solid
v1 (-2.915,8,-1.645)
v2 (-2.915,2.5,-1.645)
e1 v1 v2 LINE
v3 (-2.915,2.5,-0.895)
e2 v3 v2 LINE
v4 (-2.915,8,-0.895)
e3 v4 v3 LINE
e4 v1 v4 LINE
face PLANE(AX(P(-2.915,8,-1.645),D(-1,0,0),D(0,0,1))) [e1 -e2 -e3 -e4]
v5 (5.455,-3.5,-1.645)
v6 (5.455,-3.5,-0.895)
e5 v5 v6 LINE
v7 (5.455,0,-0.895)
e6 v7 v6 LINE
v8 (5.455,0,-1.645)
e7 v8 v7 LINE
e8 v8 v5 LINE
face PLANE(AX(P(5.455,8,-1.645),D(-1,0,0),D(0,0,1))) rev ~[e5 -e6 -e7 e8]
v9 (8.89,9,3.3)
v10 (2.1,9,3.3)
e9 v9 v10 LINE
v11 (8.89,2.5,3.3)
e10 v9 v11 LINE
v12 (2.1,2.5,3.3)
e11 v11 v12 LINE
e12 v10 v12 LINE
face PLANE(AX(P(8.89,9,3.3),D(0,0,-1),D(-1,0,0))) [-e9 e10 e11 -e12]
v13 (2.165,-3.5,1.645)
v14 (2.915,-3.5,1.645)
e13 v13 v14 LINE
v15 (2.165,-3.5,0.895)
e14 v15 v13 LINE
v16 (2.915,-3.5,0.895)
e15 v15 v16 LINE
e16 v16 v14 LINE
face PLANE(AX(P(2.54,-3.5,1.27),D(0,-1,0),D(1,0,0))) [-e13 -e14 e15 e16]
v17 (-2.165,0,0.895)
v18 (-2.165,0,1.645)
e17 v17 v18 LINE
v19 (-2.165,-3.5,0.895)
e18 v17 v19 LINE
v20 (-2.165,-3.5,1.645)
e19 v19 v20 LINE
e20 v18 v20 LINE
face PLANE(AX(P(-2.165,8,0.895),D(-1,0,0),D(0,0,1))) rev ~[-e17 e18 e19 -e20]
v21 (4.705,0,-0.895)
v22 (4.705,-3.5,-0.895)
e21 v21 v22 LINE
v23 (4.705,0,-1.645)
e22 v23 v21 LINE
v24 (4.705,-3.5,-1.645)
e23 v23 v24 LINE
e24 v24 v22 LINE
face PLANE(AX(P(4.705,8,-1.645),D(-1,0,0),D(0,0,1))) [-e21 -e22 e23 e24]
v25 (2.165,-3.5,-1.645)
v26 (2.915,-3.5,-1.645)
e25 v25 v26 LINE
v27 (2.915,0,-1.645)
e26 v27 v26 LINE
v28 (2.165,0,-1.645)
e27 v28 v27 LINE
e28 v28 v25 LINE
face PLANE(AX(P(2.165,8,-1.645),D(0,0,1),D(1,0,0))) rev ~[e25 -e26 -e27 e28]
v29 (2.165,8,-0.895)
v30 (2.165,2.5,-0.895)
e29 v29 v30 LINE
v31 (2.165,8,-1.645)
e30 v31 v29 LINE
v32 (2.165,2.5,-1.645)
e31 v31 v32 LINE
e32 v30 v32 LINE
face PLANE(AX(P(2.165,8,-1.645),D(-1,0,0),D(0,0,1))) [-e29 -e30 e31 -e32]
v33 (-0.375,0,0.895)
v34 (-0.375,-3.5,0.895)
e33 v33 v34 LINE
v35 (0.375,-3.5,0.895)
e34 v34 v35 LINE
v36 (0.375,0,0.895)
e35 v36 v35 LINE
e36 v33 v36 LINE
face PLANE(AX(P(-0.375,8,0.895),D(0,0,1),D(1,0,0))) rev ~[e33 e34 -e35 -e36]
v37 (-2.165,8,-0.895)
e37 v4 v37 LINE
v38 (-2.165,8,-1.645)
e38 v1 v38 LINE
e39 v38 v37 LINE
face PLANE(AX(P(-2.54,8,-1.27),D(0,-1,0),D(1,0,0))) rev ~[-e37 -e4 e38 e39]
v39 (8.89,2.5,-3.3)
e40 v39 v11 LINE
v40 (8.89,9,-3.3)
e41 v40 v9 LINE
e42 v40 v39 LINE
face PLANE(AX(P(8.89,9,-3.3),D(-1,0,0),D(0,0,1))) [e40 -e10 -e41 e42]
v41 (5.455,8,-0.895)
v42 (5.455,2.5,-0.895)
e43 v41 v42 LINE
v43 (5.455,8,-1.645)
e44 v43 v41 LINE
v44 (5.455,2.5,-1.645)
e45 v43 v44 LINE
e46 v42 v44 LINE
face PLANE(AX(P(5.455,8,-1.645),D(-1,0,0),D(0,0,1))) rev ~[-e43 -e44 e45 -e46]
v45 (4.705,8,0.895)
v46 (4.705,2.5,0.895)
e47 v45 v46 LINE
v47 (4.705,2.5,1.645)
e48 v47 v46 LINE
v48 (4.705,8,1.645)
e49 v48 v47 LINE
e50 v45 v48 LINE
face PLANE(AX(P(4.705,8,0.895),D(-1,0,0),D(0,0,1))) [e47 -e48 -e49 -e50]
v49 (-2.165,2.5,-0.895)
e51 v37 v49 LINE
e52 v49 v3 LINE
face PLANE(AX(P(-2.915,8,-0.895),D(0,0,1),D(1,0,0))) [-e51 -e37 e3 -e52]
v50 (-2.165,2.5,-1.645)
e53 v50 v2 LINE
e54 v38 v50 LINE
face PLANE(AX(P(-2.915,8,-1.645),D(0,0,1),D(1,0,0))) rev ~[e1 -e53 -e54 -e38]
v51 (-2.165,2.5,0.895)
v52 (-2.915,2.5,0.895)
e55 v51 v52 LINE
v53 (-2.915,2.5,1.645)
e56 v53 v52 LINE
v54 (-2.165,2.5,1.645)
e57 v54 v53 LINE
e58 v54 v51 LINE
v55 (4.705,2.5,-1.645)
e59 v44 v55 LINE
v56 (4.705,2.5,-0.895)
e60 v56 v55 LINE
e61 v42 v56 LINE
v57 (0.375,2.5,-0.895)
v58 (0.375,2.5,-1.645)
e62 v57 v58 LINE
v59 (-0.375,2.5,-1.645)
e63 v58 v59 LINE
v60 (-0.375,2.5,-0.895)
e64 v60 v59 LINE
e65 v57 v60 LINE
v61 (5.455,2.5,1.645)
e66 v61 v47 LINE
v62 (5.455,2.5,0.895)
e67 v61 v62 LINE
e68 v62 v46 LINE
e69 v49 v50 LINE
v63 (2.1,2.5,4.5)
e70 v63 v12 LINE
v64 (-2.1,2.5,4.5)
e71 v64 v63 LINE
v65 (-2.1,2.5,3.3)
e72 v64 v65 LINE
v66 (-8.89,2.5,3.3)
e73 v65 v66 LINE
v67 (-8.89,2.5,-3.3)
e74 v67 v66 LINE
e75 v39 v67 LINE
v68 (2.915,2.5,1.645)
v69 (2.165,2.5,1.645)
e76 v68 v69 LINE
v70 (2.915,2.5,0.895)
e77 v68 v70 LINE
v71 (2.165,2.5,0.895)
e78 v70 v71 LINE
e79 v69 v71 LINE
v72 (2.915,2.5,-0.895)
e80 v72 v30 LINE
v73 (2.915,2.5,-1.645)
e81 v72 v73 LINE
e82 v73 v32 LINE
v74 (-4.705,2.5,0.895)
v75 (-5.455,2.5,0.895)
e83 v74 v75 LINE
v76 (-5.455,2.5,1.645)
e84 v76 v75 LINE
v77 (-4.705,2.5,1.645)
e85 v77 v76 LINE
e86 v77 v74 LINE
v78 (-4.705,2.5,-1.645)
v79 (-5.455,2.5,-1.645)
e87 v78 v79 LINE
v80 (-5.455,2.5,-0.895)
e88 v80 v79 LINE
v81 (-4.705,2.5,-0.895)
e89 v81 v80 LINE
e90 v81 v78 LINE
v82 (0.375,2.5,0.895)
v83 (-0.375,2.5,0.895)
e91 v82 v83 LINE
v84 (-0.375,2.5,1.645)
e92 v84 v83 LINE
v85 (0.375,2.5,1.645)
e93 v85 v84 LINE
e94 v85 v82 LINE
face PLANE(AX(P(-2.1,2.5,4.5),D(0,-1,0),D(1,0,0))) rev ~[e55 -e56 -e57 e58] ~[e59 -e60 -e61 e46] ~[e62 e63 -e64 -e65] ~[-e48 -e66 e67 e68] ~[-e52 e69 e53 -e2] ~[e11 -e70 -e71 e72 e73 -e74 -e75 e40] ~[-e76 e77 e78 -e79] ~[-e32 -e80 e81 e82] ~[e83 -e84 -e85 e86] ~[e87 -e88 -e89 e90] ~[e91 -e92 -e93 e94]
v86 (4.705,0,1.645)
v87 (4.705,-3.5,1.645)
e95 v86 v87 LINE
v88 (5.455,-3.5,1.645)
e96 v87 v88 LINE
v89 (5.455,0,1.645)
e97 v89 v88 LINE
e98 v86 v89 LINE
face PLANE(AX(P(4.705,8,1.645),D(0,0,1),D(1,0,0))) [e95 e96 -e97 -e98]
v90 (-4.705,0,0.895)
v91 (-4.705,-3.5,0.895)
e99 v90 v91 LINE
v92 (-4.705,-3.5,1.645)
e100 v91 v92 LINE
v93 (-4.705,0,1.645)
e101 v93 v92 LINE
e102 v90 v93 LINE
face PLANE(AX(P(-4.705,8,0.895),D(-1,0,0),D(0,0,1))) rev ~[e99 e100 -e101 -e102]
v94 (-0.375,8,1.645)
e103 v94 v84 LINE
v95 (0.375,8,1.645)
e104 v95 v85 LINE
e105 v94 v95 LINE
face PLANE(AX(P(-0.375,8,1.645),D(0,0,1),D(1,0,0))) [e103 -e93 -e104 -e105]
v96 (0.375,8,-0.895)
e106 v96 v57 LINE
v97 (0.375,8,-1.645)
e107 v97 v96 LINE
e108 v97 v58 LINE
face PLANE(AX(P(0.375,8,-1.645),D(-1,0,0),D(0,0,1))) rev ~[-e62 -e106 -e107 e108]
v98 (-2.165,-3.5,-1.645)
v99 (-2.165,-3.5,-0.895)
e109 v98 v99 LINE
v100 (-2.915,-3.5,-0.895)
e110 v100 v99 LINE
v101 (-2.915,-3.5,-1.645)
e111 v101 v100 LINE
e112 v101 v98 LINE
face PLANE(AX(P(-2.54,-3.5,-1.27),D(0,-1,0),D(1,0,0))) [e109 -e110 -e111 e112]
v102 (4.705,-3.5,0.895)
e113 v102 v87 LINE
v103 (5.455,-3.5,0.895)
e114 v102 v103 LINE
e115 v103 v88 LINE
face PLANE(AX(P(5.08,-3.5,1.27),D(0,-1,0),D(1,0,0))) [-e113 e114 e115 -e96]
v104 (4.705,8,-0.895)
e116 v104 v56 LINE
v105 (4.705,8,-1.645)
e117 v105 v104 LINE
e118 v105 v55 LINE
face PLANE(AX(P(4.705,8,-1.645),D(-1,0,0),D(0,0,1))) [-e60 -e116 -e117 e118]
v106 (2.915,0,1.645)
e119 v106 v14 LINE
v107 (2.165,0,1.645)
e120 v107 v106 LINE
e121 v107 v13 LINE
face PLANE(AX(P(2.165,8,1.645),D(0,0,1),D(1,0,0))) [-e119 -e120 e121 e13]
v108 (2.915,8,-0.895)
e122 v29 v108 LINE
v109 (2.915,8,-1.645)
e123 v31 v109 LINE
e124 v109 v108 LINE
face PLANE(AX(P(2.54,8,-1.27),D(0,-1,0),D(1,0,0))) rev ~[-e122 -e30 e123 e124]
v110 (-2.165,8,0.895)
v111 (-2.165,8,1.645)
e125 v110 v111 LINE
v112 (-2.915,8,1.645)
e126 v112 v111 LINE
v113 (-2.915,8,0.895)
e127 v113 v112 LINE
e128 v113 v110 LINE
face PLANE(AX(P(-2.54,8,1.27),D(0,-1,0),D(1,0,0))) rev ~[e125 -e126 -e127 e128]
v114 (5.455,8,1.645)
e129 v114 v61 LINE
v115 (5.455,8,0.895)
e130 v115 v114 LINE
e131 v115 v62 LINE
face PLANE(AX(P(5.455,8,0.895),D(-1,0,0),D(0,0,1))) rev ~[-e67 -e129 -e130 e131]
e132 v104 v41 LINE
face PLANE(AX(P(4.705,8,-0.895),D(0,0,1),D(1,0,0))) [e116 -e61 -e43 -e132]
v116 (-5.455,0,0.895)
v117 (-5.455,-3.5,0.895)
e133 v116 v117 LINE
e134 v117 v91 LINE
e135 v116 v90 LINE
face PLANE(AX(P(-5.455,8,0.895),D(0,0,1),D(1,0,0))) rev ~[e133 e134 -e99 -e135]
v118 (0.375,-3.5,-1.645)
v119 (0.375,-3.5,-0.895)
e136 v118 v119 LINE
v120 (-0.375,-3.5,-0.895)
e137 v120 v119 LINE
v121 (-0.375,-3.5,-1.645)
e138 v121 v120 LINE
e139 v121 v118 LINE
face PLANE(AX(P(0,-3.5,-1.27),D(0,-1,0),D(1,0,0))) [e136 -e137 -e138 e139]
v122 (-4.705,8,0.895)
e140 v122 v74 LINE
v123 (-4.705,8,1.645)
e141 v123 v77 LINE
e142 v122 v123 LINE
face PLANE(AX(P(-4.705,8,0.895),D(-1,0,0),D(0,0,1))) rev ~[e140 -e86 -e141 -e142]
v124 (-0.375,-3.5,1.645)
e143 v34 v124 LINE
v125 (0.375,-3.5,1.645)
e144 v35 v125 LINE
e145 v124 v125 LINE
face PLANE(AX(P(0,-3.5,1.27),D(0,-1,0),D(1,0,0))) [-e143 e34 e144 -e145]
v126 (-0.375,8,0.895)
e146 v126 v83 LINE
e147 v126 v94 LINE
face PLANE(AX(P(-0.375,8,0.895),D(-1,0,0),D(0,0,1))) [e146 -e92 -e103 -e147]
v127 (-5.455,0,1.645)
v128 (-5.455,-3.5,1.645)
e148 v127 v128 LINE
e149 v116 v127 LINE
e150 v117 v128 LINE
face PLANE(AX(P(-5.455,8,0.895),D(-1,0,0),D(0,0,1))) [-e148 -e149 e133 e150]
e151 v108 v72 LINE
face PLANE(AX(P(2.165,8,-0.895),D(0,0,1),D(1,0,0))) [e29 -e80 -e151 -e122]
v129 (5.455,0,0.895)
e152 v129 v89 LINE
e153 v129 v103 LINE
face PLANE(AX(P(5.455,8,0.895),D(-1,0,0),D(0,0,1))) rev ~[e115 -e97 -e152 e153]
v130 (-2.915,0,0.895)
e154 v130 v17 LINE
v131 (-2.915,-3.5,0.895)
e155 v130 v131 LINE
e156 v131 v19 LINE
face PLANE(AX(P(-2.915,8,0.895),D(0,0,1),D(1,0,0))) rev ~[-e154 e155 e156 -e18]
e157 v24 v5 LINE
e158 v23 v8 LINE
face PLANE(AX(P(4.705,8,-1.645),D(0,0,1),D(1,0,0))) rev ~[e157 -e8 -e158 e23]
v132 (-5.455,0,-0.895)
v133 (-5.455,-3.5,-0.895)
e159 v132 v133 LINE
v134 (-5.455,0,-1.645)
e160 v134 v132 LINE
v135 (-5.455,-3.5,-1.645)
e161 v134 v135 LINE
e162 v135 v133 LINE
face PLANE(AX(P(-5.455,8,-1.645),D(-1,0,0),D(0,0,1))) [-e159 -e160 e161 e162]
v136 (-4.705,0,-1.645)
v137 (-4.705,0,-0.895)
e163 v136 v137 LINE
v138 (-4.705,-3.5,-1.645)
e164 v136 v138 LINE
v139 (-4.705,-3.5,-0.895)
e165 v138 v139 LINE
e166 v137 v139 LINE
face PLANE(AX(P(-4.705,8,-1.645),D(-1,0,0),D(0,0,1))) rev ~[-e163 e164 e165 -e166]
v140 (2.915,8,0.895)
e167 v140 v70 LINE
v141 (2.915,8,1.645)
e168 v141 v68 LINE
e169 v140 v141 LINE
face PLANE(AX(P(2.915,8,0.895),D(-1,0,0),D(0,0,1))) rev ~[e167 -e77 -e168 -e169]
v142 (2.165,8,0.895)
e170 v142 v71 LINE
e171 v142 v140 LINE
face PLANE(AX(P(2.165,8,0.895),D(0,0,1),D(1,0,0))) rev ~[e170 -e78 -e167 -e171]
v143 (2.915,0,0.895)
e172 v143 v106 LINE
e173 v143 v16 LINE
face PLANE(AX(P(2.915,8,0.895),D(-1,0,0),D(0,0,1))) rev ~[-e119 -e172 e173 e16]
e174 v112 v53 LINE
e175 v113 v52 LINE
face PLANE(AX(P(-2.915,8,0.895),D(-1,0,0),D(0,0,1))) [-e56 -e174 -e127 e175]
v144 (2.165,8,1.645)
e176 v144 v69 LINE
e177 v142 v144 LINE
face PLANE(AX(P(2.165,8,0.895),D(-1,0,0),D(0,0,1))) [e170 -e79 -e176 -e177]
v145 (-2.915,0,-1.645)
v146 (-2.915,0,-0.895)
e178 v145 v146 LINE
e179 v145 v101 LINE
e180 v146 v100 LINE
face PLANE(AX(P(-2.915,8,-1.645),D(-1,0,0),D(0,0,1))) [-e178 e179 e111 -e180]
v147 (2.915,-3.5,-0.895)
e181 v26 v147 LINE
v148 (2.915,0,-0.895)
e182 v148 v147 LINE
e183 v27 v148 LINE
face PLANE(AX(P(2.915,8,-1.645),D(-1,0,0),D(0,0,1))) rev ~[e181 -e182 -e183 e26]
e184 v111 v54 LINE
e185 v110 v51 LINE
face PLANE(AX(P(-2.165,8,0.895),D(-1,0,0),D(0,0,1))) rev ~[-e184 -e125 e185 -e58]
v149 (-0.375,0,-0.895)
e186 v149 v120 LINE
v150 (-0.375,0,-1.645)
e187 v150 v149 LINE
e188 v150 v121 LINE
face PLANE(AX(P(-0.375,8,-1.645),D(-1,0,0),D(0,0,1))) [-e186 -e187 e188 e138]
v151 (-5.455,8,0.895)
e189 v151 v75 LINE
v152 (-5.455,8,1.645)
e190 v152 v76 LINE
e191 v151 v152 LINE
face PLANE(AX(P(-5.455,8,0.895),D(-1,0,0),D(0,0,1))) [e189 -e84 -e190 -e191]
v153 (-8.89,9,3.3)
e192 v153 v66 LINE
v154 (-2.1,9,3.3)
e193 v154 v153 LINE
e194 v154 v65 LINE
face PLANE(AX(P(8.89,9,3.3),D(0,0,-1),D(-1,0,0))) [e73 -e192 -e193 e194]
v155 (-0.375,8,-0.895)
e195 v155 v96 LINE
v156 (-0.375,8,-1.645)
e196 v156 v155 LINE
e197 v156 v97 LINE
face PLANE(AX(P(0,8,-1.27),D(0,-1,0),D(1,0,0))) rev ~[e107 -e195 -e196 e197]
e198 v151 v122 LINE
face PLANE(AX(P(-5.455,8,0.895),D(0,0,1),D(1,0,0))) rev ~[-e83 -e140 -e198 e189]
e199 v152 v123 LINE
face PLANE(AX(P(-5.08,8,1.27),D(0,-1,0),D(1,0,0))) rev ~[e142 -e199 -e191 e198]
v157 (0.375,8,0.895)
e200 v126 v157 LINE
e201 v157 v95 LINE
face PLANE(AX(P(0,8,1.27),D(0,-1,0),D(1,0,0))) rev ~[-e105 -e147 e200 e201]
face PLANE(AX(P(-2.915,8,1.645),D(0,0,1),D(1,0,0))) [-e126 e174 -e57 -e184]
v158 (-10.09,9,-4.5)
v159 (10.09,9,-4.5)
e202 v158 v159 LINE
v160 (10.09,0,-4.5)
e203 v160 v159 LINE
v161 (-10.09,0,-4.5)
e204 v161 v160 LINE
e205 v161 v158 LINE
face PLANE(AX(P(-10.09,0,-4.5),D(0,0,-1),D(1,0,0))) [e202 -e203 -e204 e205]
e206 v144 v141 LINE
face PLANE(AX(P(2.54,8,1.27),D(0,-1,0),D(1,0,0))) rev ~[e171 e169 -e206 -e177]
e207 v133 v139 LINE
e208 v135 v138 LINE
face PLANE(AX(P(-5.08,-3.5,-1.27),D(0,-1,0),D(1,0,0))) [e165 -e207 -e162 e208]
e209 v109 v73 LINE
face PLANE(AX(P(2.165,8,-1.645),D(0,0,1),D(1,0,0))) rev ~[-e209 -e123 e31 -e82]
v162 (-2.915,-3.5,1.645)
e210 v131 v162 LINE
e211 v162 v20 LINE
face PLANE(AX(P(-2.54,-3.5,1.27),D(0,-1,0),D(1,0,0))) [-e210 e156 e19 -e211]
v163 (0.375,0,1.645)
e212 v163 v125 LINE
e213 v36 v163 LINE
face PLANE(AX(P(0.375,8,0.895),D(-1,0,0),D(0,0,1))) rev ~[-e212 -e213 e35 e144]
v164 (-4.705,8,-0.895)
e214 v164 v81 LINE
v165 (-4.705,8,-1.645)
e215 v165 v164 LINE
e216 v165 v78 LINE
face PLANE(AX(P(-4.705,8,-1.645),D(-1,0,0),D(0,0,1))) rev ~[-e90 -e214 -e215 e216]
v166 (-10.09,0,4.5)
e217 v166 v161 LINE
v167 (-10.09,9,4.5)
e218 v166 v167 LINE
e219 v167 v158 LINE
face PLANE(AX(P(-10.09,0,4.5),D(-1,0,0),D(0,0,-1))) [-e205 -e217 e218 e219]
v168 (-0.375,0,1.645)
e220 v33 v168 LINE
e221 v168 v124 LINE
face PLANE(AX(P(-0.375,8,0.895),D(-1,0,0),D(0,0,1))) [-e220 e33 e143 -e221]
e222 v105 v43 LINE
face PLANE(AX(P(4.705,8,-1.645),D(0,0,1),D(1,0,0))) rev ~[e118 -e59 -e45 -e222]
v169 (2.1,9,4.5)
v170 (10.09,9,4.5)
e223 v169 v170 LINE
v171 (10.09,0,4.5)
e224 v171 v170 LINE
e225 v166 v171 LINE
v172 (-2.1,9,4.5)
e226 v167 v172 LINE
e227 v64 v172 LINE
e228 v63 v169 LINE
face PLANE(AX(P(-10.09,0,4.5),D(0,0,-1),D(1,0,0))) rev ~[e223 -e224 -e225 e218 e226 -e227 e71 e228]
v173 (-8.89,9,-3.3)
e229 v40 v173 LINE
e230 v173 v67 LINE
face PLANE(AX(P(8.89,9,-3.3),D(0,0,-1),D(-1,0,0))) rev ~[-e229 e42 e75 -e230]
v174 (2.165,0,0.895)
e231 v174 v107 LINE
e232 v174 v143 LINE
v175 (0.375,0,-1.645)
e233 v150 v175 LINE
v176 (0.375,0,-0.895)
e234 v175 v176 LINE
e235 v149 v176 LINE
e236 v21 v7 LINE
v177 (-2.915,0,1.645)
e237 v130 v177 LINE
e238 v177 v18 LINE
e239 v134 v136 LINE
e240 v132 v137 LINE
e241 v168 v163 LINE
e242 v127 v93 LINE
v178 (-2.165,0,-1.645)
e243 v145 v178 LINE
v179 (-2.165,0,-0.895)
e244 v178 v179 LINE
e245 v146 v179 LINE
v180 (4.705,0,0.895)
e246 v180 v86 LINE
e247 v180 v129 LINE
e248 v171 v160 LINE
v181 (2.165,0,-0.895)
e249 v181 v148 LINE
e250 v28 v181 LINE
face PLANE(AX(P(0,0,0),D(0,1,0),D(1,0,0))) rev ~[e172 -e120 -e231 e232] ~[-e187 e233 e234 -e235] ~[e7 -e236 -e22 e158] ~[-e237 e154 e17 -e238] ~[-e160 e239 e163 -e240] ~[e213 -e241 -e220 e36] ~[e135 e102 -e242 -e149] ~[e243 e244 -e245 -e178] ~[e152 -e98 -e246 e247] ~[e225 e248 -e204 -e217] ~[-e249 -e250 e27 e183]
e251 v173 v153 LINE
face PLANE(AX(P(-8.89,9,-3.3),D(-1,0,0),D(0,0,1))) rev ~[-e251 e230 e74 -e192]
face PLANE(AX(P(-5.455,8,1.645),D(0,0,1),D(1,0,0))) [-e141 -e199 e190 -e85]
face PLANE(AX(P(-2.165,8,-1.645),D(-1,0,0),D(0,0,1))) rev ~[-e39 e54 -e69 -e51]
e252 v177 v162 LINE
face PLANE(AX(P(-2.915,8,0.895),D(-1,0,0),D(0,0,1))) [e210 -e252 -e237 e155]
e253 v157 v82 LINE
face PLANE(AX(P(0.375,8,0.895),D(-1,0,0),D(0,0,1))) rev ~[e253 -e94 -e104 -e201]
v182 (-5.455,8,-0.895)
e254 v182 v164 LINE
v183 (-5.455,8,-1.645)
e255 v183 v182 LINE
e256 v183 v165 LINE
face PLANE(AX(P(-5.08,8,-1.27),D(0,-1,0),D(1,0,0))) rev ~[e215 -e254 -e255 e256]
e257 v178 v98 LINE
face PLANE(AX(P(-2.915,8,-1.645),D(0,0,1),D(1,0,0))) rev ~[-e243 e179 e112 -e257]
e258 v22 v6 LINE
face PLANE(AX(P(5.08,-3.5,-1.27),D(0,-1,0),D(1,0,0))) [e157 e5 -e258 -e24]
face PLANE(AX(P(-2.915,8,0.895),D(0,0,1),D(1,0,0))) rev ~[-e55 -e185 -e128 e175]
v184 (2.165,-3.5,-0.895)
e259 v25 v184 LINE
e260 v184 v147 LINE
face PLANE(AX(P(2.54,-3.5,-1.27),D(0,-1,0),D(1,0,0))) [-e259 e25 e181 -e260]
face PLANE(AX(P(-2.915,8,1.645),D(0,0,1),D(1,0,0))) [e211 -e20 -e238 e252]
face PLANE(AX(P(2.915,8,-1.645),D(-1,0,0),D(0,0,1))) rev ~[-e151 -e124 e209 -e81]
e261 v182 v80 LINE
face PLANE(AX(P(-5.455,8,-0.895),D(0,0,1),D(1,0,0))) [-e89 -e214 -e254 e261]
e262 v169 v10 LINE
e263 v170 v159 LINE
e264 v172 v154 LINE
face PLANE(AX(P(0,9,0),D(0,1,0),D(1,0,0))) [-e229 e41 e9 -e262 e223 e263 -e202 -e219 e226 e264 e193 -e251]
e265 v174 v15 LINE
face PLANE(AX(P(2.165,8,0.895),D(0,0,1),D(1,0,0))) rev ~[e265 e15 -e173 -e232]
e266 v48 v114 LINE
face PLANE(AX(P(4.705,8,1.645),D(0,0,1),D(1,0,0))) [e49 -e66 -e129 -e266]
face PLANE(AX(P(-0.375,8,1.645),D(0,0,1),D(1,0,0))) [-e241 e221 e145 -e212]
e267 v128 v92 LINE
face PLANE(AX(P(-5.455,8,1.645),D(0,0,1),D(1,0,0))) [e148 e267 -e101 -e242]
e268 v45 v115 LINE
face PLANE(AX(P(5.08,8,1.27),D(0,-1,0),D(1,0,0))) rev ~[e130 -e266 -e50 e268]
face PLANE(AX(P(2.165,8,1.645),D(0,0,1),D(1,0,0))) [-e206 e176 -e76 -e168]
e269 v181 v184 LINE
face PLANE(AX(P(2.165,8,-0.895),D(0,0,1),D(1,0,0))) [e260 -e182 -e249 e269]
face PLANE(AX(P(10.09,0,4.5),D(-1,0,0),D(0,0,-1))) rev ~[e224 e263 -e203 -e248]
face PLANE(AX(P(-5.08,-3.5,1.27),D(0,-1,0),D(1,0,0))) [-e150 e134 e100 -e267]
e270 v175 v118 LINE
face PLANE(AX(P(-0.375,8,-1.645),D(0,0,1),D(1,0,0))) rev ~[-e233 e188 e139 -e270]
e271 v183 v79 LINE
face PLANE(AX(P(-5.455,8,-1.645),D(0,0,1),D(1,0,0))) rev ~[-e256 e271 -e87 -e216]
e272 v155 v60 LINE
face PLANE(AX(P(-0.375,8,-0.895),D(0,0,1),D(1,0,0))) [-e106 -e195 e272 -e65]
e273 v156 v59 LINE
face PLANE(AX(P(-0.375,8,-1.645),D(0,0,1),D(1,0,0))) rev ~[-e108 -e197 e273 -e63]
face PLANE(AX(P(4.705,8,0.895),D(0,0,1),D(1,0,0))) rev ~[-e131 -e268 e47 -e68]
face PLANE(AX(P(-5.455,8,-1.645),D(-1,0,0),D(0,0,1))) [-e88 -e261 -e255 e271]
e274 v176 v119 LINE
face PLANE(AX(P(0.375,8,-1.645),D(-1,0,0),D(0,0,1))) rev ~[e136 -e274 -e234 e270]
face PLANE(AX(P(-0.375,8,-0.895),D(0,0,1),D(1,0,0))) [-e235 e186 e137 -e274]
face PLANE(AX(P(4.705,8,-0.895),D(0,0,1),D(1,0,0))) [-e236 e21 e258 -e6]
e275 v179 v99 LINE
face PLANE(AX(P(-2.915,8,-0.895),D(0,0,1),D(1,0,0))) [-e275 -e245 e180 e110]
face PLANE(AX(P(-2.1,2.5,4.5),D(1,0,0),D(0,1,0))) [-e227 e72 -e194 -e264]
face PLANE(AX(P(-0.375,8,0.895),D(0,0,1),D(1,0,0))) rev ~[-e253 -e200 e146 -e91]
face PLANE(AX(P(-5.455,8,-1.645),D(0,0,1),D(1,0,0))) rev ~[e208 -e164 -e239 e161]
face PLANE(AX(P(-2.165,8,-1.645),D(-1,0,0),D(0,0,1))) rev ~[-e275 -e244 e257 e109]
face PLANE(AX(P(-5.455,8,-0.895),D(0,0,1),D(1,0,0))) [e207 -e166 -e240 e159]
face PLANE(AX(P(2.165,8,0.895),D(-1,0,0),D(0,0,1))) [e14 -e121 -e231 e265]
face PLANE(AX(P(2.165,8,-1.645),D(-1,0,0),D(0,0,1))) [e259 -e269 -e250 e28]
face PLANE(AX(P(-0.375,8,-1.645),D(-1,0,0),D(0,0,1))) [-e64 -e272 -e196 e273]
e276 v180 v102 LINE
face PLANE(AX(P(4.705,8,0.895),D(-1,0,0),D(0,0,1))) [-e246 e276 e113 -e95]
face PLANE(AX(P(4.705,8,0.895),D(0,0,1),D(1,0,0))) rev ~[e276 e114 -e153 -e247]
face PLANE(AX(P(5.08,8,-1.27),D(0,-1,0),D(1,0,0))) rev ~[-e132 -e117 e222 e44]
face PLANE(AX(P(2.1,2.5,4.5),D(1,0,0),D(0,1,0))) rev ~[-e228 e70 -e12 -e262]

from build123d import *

# Parameters (mm, degrees)
SKETCH_1_W           = 20.18
SKETCH_1_H           = 9
EXTRUDE_1_DEPTH      = 9
SKETCH_2_W           = 17.78
SKETCH_2_H           = 6.6
CUT_EXTRUDE_1_DEPTH  = 6.5
SKETCH_3_W           = 4.2
SKETCH_3_H           = 6.5
CUT_EXTRUDE_2_DEPTH  = 6.5
EXTRUDE_2_DEPTH      = 3.5
EXTRUDE_2_DEPTH_BACK = 8
SKETCH_5_W           = 0.75
SKETCH_5_H           = 0.75


with BuildPart() as part:
    # 草图1 → 拉伸1 (new body)
    with BuildSketch(Plane(origin=(0, 0, 0), x_dir=(1, 0, 0), z_dir=(0, 1, 0))):
        Rectangle(SKETCH_1_W, SKETCH_1_H)
    extrude(amount=EXTRUDE_1_DEPTH)

    # 草图2 → 切除-拉伸1 (cut)
    with BuildSketch(Plane(origin=(0, 9, 0), x_dir=(-1, 0, 0), z_dir=(0, 1, 0))):
        Rectangle(SKETCH_2_W, SKETCH_2_H)
    extrude(amount=-CUT_EXTRUDE_1_DEPTH, mode=Mode.SUBTRACT)

    # 草图3 → 切除-拉伸2 (cut)
    with BuildSketch(Plane.XY.offset(4.5)):
        with Locations((0, 5.75)):
            Rectangle(SKETCH_3_W, SKETCH_3_H)
    extrude(amount=-CUT_EXTRUDE_2_DEPTH, mode=Mode.SUBTRACT)

    # 草图5 → 拉伸2 (add, two sides: drawn at the far end of the back side and taken through both)
    with BuildSketch(Plane.XZ.offset(-EXTRUDE_2_DEPTH_BACK)):
        with Locations((0, 1.27)):
            Rectangle(SKETCH_5_W, SKETCH_5_H)
        with Locations((2.54, 1.27)):
            Rectangle(SKETCH_5_W, SKETCH_5_H)
        with Locations((5.08, 1.27)):
            Rectangle(SKETCH_5_W, SKETCH_5_H)
        with Locations((-2.54, 1.27)):
            Rectangle(SKETCH_5_W, SKETCH_5_H)
        with Locations((-5.08, 1.27)):
            Rectangle(SKETCH_5_W, SKETCH_5_H)
        with Locations((-5.08, -1.27)):
            Rectangle(SKETCH_5_W, SKETCH_5_H)
        with Locations((-2.54, -1.27)):
            Rectangle(SKETCH_5_W, SKETCH_5_H)
        with Locations((5.08, -1.27)):
            Rectangle(SKETCH_5_W, SKETCH_5_H)
        with Locations((2.54, -1.27)):
            Rectangle(SKETCH_5_W, SKETCH_5_H)
        with Locations((0, -1.27)):
            Rectangle(SKETCH_5_W, SKETCH_5_H)
    extrude(amount=EXTRUDE_2_DEPTH + EXTRUDE_2_DEPTH_BACK)


solid = part.part
